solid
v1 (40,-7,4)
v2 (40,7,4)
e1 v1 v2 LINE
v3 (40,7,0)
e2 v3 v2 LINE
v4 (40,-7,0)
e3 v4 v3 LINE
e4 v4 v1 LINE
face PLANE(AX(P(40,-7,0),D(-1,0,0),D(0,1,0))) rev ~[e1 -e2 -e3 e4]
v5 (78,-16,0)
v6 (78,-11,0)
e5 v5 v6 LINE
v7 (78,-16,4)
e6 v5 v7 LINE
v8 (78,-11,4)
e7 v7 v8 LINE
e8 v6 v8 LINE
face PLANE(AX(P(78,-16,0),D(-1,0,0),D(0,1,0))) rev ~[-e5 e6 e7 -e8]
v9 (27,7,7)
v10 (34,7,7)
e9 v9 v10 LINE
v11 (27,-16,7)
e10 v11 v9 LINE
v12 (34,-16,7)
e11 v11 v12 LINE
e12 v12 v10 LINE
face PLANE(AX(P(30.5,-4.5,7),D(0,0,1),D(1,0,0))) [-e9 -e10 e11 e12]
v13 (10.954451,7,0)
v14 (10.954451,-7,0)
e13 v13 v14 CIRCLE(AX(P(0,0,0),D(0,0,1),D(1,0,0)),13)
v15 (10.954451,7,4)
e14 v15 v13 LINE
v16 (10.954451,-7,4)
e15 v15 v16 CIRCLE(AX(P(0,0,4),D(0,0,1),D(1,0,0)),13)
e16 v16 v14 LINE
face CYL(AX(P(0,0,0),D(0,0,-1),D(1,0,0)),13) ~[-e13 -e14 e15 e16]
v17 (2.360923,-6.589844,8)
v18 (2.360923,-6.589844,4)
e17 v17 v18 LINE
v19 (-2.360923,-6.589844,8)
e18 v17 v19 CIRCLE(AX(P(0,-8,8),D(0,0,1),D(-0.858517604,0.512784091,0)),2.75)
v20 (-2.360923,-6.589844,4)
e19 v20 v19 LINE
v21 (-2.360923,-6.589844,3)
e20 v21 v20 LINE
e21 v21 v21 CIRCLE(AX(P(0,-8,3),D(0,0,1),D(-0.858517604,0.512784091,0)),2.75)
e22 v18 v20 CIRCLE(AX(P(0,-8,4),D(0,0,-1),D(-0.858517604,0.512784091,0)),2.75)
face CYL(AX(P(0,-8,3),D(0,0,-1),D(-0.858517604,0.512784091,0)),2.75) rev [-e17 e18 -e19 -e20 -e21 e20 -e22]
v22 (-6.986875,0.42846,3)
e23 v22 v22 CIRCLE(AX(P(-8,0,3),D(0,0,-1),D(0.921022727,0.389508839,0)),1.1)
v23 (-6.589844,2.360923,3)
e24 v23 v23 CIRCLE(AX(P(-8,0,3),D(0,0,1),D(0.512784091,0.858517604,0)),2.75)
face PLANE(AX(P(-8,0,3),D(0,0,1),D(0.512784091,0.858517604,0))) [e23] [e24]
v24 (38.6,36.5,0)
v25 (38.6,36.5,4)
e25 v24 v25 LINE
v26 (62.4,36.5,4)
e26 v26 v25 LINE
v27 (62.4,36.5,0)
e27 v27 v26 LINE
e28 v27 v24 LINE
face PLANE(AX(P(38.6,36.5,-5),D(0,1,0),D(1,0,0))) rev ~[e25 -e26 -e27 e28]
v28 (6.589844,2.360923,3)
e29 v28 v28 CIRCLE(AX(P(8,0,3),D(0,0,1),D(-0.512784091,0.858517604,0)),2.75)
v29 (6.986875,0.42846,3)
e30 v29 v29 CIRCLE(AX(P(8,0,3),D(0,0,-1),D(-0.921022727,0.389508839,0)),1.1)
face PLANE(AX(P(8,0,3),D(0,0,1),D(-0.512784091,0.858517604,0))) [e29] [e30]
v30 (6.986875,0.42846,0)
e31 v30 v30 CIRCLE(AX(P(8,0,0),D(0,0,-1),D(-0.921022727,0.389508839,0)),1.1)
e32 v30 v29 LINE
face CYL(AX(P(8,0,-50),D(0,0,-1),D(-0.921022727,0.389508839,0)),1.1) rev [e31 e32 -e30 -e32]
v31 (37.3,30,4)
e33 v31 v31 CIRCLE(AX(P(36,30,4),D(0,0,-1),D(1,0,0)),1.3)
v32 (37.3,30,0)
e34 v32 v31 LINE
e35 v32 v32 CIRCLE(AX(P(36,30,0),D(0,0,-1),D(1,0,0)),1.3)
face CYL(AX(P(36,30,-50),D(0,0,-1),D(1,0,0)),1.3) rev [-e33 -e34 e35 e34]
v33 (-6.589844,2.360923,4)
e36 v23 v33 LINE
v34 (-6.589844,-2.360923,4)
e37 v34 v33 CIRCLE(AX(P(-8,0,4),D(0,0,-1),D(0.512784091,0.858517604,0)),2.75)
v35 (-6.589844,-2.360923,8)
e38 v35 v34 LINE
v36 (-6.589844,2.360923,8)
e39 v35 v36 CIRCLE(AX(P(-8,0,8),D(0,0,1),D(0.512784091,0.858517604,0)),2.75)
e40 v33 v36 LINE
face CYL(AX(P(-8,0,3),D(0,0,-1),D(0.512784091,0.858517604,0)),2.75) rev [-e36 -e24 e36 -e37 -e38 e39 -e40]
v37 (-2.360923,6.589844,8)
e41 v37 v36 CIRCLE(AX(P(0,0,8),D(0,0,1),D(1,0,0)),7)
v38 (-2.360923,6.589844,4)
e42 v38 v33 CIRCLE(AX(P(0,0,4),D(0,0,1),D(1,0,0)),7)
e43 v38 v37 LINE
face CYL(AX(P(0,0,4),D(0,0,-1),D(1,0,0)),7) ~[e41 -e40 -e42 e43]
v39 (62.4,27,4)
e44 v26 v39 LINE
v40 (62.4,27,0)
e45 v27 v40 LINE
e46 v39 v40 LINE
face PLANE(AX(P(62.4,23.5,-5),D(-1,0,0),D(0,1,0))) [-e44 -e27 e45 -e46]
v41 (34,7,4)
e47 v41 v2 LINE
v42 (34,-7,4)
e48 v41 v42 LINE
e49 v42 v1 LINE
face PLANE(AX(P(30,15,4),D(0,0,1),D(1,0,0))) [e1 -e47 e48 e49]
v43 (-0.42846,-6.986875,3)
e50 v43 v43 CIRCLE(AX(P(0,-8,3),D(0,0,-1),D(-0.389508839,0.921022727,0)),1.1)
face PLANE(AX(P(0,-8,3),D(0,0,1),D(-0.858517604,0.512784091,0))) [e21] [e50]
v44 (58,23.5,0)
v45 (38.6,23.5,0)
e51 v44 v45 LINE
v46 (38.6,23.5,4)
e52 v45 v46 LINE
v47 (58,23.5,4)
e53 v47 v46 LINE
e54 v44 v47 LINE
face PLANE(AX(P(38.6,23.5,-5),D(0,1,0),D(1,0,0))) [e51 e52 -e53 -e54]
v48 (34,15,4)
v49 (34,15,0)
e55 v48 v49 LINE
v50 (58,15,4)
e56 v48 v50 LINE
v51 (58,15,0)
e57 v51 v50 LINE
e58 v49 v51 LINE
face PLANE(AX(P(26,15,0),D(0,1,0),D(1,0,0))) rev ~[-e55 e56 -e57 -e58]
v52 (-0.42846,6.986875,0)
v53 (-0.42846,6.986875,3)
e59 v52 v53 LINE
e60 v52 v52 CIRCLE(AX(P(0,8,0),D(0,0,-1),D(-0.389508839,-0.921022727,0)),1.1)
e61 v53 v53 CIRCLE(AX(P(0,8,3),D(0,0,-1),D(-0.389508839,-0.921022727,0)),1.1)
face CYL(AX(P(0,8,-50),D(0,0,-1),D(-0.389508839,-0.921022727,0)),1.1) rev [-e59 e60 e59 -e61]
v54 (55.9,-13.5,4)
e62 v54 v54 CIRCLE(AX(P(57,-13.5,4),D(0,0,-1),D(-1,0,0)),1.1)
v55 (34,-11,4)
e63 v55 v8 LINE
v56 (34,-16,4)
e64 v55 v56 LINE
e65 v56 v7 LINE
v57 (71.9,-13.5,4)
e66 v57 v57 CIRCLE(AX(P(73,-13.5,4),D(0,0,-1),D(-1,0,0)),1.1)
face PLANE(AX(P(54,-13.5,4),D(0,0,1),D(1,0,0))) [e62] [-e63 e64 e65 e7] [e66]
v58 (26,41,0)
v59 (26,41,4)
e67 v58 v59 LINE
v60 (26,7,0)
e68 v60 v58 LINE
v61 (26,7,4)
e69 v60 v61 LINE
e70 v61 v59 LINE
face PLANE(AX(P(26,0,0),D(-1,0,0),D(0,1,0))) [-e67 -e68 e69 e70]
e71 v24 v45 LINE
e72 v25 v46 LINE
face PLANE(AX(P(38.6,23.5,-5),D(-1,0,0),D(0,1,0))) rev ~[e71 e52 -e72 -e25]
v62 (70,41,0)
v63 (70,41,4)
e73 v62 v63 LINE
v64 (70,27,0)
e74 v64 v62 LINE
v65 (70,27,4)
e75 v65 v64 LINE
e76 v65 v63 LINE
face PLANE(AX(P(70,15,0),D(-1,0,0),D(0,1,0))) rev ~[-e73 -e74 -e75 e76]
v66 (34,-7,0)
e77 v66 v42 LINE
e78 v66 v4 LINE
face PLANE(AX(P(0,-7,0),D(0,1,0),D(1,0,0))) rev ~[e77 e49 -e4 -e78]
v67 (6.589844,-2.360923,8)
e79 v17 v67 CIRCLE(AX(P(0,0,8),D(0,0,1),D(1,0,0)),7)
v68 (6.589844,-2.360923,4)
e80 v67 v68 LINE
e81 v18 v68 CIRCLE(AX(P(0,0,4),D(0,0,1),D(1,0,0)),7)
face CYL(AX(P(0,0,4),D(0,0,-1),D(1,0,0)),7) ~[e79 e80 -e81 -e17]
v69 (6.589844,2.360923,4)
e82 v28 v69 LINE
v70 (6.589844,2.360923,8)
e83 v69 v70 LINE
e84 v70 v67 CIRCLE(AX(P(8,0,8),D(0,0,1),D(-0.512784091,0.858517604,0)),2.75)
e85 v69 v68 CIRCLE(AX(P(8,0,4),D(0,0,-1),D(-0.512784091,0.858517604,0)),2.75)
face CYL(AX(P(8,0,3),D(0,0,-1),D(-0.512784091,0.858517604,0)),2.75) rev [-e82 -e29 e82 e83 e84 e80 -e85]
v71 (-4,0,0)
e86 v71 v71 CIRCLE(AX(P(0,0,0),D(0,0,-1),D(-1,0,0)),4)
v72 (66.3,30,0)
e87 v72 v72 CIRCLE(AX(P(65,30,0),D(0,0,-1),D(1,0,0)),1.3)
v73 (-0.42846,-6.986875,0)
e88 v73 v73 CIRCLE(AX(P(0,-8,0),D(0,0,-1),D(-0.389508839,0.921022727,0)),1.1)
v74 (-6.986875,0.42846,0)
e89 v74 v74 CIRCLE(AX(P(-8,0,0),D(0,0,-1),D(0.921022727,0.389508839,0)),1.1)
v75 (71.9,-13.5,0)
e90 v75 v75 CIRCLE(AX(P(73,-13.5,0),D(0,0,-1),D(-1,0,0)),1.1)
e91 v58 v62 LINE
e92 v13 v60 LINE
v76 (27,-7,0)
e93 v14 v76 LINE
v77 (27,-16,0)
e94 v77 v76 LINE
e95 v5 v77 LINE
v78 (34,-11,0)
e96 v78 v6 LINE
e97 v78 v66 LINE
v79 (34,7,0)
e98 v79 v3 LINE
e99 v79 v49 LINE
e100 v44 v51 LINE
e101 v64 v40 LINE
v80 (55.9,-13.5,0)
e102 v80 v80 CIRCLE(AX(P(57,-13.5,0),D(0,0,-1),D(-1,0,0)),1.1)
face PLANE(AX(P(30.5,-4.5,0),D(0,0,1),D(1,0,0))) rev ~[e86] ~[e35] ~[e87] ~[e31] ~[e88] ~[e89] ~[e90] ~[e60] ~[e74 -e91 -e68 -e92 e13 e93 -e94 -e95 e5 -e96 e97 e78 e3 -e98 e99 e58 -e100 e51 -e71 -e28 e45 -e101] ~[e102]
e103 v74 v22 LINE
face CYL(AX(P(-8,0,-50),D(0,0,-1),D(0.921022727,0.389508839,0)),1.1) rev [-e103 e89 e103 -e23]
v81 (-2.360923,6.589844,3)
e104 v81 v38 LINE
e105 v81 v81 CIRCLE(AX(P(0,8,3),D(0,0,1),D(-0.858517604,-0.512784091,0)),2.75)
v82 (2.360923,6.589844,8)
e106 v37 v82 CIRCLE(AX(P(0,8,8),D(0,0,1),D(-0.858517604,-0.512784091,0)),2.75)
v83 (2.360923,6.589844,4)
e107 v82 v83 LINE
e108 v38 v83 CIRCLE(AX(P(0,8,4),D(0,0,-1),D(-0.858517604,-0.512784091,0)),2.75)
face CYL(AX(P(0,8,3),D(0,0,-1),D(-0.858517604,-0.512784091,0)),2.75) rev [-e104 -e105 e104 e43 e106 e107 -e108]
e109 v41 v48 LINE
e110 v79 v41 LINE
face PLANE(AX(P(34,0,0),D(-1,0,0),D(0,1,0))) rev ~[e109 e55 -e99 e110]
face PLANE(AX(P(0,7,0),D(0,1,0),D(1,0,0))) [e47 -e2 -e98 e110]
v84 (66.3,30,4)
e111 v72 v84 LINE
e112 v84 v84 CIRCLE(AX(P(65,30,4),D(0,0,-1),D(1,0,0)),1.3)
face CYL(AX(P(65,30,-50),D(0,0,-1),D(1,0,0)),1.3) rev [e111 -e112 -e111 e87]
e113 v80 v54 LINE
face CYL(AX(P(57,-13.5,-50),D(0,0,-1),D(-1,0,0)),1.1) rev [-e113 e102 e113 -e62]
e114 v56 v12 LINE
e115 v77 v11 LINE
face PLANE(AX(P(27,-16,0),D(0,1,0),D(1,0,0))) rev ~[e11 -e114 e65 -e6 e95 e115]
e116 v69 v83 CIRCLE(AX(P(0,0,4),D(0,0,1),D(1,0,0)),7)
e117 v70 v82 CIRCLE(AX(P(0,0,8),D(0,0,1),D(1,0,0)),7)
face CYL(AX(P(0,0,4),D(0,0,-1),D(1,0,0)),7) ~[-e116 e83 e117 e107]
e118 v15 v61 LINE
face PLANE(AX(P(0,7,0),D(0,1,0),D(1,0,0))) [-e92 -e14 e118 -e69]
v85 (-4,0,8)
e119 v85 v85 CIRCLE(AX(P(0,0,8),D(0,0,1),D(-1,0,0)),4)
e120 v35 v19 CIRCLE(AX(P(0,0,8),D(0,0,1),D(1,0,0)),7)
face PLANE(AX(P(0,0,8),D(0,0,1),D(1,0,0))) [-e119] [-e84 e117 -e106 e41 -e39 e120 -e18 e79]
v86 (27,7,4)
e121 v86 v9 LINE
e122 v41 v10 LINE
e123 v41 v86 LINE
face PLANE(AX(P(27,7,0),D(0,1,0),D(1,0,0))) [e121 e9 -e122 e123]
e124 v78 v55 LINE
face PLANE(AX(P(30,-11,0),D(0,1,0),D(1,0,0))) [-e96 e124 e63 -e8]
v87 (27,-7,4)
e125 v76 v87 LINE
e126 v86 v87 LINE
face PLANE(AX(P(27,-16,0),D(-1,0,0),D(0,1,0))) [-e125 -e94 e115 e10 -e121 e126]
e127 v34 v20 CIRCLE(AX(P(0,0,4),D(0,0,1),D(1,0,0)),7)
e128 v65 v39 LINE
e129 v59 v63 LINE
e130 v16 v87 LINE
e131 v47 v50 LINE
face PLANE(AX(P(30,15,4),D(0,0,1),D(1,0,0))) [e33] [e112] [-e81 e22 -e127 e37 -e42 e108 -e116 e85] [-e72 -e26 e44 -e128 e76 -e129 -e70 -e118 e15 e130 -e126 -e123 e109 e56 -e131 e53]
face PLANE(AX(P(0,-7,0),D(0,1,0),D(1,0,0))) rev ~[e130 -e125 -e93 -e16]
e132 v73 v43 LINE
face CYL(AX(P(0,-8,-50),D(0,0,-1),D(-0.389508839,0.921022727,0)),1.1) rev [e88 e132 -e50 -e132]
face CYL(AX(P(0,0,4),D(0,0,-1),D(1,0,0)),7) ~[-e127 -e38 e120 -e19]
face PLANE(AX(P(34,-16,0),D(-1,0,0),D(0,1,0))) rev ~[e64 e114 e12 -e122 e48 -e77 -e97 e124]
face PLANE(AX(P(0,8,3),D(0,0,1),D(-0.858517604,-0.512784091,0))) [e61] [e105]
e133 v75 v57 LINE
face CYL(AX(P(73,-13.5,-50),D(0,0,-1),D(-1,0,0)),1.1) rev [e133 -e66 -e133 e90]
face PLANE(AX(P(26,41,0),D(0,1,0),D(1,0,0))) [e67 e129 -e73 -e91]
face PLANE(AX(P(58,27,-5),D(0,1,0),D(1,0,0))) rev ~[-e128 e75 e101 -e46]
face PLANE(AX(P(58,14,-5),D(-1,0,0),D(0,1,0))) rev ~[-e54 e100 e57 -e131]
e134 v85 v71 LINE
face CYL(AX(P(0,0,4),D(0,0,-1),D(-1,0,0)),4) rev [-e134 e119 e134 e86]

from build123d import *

# Parameters (mm, degrees)
ELBOW_HORN_FLANGE_PROFILE_R          = 13
ELBOW_HORN_FLANGE_DEPTH              = 4
FOREARM_WEB_PROFILE_W                = 40
FOREARM_WEB_PROFILE_H                = 14
FOREARM_WEB_DEPTH                    = 4
GRIPPER_MOUNT_RIB_PROFILE_W          = 8
GRIPPER_MOUNT_RIB_PROFILE_H          = 30
GRIPPER_MOUNT_RIB_DEPTH              = 4
GRIPPER_SERVO_MOUNT_PROFILE_W        = 44
GRIPPER_SERVO_MOUNT_PROFILE_H        = 26
GRIPPER_SERVO_MOUNT_DEPTH            = 4
GRIP_SG90_BODY_CLEARANCE_START       = -5
GRIP_SG90_BODY_CLEARANCE_PROFILE_W   = 23.8
GRIP_SG90_BODY_CLEARANCE_PROFILE_H   = 13
GRIP_SG90_BODY_CLEARANCE_DEPTH       = 87.221918224
MOVING_FINGER_SWEEP_RELIEF_START     = -5
MOVING_FINGER_SWEEP_RELIEF_PROFILE_W = 13
MOVING_FINGER_SWEEP_RELIEF_PROFILE_H = 13
MOVING_FINGER_SWEEP_RELIEF_DEPTH     = 87.221918224
GRIP_SERVO_TAB_FASTENERS_START       = -50
GRIP_SERVO_TAB_FASTENERS_PROFILE_R   = 1.3
GRIP_SERVO_TAB_FASTENERS_DEPTH       = 132.221918224
FIXED_FINGER_SPINE_PROFILE_W         = 48
FIXED_FINGER_SPINE_PROFILE_H         = 5
FIXED_FINGER_SPINE_DEPTH             = 4
FIXED_FINGER_ROOT_PROFILE_W          = 7
FIXED_FINGER_ROOT_PROFILE_H          = 23
FIXED_FINGER_ROOT_DEPTH              = 7
ELBOW_CENTER_SCREW_ACCESS_START      = -50
ELBOW_CENTER_SCREW_ACCESS_PROFILE_R  = 4
ELBOW_CENTER_SCREW_ACCESS_DEPTH      = 139.396832522
ELBOW_DOWEL_SUPPORT_HUB_START        = 4
ELBOW_DOWEL_SUPPORT_HUB_PROFILE_R    = 7
ELBOW_DOWEL_SUPPORT_HUB_PROFILE_R_2  = 4
ELBOW_DOWEL_SUPPORT_HUB_DEPTH        = 4
ELBOW_HORN_FASTENERS_START           = -50
ELBOW_HORN_FASTENERS_PROFILE_R       = 1.1
ELBOW_HORN_FASTENERS_DEPTH           = 139.481636513
M2X8_WASHER_AND_HUB_CLEARANCE_START  = 3
ELBOW_HORN_WASHER_RECESS_PROFILE_R   = 2.75
M2X8_WASHER_AND_HUB_CLEARANCE_DEPTH  = 5
FIXED_PAD_KEEPER_FASTENERS_START     = -50
FIXED_PAD_KEEPER_FASTENERS_PROFILE_R = 1.1
FIXED_PAD_KEEPER_FASTENERS_DEPTH     = 139.481636513


with BuildPart() as part:
    # Elbow_horn_flange_profile → Elbow_horn_flange (new body)
    with BuildSketch(Plane.XY):
        Circle(ELBOW_HORN_FLANGE_PROFILE_R)
    extrude(amount=ELBOW_HORN_FLANGE_DEPTH)

    # Forearm_web_profile → Forearm_web (add)
    with BuildSketch(Plane.XY):
        with Locations((20, 0)):
            Rectangle(FOREARM_WEB_PROFILE_W, FOREARM_WEB_PROFILE_H)
    extrude(amount=FOREARM_WEB_DEPTH)

    # Gripper_mount_rib_profile → Gripper_mount_rib (add)
    with BuildSketch(Plane.XY):
        with Locations((30, 15)):
            Rectangle(GRIPPER_MOUNT_RIB_PROFILE_W, GRIPPER_MOUNT_RIB_PROFILE_H)
    extrude(amount=GRIPPER_MOUNT_RIB_DEPTH)

    # Gripper_servo_mount_profile → Gripper_servo_mount (add)
    with BuildSketch(Plane.XY):
        with Locations((48, 28)):
            Rectangle(GRIPPER_SERVO_MOUNT_PROFILE_W, GRIPPER_SERVO_MOUNT_PROFILE_H)
    extrude(amount=GRIPPER_SERVO_MOUNT_DEPTH)

    # Grip_SG90_body_clearance_profile → Grip_SG90_body_clearance (cut, through all)
    with BuildSketch(Plane.XY.offset(GRIP_SG90_BODY_CLEARANCE_START)):
        with Locations((50.5, 30)):
            Rectangle(GRIP_SG90_BODY_CLEARANCE_PROFILE_W, GRIP_SG90_BODY_CLEARANCE_PROFILE_H)
    extrude(amount=GRIP_SG90_BODY_CLEARANCE_DEPTH, mode=Mode.SUBTRACT)

    # Moving_finger_sweep_relief_profile → Moving_finger_sweep_relief (cut, through all)
    with BuildSketch(Plane.XY.offset(MOVING_FINGER_SWEEP_RELIEF_START)):
        with Locations((64.5, 20.5)):
            Rectangle(MOVING_FINGER_SWEEP_RELIEF_PROFILE_W, MOVING_FINGER_SWEEP_RELIEF_PROFILE_H)
    extrude(amount=MOVING_FINGER_SWEEP_RELIEF_DEPTH, mode=Mode.SUBTRACT)

    # Grip_servo_tab_fasteners_profile → Grip_servo_tab_fasteners (cut, through all)
    with BuildSketch(Plane.XY.offset(GRIP_SERVO_TAB_FASTENERS_START)):
        with Locations((36, 30)):
            Circle(GRIP_SERVO_TAB_FASTENERS_PROFILE_R)
        with Locations((65, 30)):
            Circle(GRIP_SERVO_TAB_FASTENERS_PROFILE_R)
    extrude(amount=GRIP_SERVO_TAB_FASTENERS_DEPTH, mode=Mode.SUBTRACT)



with BuildPart() as body_2:
    # Fixed_finger_spine_profile → Fixed_finger_spine (new body)
    with BuildSketch(Plane.XY):
        with Locations((54, -13.5)):
            Rectangle(FIXED_FINGER_SPINE_PROFILE_W, FIXED_FINGER_SPINE_PROFILE_H)
    extrude(amount=FIXED_FINGER_SPINE_DEPTH)


with BuildPart() as part_1:
    add(part.part)

    add(body_2.part)  # Fixed_finger_root merges body 2
    # Fixed_finger_root_profile → Fixed_finger_root (add)
    with BuildSketch(Plane.XY):
        with Locations((30.5, -4.5)):
            Rectangle(FIXED_FINGER_ROOT_PROFILE_W, FIXED_FINGER_ROOT_PROFILE_H)
    extrude(amount=FIXED_FINGER_ROOT_DEPTH)

    # Elbow_center_screw_access_profile → Elbow_center_screw_access (cut, through all)
    with BuildSketch(Plane.XY.offset(ELBOW_CENTER_SCREW_ACCESS_START)):
        with Locations(Location((0, 0, 0), (0, 0, 180))):
            Circle(ELBOW_CENTER_SCREW_ACCESS_PROFILE_R)
    extrude(amount=ELBOW_CENTER_SCREW_ACCESS_DEPTH, mode=Mode.SUBTRACT)

    # Elbow_dowel_support_hub_profile → Elbow_dowel_support_hub (add)
    with BuildSketch(Plane.XY.offset(ELBOW_DOWEL_SUPPORT_HUB_START)):
        Circle(ELBOW_DOWEL_SUPPORT_HUB_PROFILE_R)
        with Locations(Location((0, 0, 0), (0, 0, 180))):
            Circle(ELBOW_DOWEL_SUPPORT_HUB_PROFILE_R_2, mode=Mode.SUBTRACT)
    extrude(amount=ELBOW_DOWEL_SUPPORT_HUB_DEPTH)

    # Elbow_horn_fasteners_profile → Elbow_horn_fasteners (cut, through all)
    with BuildSketch(Plane.XY.offset(ELBOW_HORN_FASTENERS_START)):
        with Locations(Location((0, -8, 0), (0, 0, 112.9239414))):
            Circle(ELBOW_HORN_FASTENERS_PROFILE_R)
        with Locations(Location((0, 8, 0), (0, 0, 247.0760586))):
            Circle(ELBOW_HORN_FASTENERS_PROFILE_R)
        with Locations(Location((-8, 0, 0), (0, 0, 22.9239414))):
            Circle(ELBOW_HORN_FASTENERS_PROFILE_R)
        with Locations(Location((8, 0, 0), (0, 0, 157.0760586))):
            Circle(ELBOW_HORN_FASTENERS_PROFILE_R)
    extrude(amount=ELBOW_HORN_FASTENERS_DEPTH, mode=Mode.SUBTRACT)

    # Elbow_horn_washer_recess_profile → M2x8_washer_and_hub_clearance (cut)
    with BuildSketch(Plane.XY.offset(M2X8_WASHER_AND_HUB_CLEARANCE_START)):
        with Locations(Location((0, -8, 0), (0, 0, 149.150544772))):
            Circle(ELBOW_HORN_WASHER_RECESS_PROFILE_R)
        with Locations(Location((0, 8, 0), (0, 0, 210.849455228))):
            Circle(ELBOW_HORN_WASHER_RECESS_PROFILE_R)
        with Locations(Location((-8, 0, 0), (0, 0, 59.150544772))):
            Circle(ELBOW_HORN_WASHER_RECESS_PROFILE_R)
        with Locations(Location((8, 0, 0), (0, 0, 120.849455228))):
            Circle(ELBOW_HORN_WASHER_RECESS_PROFILE_R)
    extrude(amount=M2X8_WASHER_AND_HUB_CLEARANCE_DEPTH, mode=Mode.SUBTRACT)

    # Fixed_pad_keeper_fasteners_profile → Fixed_pad_keeper_fasteners (cut, through all)
    with BuildSketch(Plane.XY.offset(FIXED_PAD_KEEPER_FASTENERS_START)):
        with Locations(Location((57, -13.5, 0), (0, 0, 180))):
            Circle(FIXED_PAD_KEEPER_FASTENERS_PROFILE_R)
        with Locations(Location((73, -13.5, 0), (0, 0, 180))):
            Circle(FIXED_PAD_KEEPER_FASTENERS_PROFILE_R)
    extrude(amount=FIXED_PAD_KEEPER_FASTENERS_DEPTH, mode=Mode.SUBTRACT)


solid = part_1.part
